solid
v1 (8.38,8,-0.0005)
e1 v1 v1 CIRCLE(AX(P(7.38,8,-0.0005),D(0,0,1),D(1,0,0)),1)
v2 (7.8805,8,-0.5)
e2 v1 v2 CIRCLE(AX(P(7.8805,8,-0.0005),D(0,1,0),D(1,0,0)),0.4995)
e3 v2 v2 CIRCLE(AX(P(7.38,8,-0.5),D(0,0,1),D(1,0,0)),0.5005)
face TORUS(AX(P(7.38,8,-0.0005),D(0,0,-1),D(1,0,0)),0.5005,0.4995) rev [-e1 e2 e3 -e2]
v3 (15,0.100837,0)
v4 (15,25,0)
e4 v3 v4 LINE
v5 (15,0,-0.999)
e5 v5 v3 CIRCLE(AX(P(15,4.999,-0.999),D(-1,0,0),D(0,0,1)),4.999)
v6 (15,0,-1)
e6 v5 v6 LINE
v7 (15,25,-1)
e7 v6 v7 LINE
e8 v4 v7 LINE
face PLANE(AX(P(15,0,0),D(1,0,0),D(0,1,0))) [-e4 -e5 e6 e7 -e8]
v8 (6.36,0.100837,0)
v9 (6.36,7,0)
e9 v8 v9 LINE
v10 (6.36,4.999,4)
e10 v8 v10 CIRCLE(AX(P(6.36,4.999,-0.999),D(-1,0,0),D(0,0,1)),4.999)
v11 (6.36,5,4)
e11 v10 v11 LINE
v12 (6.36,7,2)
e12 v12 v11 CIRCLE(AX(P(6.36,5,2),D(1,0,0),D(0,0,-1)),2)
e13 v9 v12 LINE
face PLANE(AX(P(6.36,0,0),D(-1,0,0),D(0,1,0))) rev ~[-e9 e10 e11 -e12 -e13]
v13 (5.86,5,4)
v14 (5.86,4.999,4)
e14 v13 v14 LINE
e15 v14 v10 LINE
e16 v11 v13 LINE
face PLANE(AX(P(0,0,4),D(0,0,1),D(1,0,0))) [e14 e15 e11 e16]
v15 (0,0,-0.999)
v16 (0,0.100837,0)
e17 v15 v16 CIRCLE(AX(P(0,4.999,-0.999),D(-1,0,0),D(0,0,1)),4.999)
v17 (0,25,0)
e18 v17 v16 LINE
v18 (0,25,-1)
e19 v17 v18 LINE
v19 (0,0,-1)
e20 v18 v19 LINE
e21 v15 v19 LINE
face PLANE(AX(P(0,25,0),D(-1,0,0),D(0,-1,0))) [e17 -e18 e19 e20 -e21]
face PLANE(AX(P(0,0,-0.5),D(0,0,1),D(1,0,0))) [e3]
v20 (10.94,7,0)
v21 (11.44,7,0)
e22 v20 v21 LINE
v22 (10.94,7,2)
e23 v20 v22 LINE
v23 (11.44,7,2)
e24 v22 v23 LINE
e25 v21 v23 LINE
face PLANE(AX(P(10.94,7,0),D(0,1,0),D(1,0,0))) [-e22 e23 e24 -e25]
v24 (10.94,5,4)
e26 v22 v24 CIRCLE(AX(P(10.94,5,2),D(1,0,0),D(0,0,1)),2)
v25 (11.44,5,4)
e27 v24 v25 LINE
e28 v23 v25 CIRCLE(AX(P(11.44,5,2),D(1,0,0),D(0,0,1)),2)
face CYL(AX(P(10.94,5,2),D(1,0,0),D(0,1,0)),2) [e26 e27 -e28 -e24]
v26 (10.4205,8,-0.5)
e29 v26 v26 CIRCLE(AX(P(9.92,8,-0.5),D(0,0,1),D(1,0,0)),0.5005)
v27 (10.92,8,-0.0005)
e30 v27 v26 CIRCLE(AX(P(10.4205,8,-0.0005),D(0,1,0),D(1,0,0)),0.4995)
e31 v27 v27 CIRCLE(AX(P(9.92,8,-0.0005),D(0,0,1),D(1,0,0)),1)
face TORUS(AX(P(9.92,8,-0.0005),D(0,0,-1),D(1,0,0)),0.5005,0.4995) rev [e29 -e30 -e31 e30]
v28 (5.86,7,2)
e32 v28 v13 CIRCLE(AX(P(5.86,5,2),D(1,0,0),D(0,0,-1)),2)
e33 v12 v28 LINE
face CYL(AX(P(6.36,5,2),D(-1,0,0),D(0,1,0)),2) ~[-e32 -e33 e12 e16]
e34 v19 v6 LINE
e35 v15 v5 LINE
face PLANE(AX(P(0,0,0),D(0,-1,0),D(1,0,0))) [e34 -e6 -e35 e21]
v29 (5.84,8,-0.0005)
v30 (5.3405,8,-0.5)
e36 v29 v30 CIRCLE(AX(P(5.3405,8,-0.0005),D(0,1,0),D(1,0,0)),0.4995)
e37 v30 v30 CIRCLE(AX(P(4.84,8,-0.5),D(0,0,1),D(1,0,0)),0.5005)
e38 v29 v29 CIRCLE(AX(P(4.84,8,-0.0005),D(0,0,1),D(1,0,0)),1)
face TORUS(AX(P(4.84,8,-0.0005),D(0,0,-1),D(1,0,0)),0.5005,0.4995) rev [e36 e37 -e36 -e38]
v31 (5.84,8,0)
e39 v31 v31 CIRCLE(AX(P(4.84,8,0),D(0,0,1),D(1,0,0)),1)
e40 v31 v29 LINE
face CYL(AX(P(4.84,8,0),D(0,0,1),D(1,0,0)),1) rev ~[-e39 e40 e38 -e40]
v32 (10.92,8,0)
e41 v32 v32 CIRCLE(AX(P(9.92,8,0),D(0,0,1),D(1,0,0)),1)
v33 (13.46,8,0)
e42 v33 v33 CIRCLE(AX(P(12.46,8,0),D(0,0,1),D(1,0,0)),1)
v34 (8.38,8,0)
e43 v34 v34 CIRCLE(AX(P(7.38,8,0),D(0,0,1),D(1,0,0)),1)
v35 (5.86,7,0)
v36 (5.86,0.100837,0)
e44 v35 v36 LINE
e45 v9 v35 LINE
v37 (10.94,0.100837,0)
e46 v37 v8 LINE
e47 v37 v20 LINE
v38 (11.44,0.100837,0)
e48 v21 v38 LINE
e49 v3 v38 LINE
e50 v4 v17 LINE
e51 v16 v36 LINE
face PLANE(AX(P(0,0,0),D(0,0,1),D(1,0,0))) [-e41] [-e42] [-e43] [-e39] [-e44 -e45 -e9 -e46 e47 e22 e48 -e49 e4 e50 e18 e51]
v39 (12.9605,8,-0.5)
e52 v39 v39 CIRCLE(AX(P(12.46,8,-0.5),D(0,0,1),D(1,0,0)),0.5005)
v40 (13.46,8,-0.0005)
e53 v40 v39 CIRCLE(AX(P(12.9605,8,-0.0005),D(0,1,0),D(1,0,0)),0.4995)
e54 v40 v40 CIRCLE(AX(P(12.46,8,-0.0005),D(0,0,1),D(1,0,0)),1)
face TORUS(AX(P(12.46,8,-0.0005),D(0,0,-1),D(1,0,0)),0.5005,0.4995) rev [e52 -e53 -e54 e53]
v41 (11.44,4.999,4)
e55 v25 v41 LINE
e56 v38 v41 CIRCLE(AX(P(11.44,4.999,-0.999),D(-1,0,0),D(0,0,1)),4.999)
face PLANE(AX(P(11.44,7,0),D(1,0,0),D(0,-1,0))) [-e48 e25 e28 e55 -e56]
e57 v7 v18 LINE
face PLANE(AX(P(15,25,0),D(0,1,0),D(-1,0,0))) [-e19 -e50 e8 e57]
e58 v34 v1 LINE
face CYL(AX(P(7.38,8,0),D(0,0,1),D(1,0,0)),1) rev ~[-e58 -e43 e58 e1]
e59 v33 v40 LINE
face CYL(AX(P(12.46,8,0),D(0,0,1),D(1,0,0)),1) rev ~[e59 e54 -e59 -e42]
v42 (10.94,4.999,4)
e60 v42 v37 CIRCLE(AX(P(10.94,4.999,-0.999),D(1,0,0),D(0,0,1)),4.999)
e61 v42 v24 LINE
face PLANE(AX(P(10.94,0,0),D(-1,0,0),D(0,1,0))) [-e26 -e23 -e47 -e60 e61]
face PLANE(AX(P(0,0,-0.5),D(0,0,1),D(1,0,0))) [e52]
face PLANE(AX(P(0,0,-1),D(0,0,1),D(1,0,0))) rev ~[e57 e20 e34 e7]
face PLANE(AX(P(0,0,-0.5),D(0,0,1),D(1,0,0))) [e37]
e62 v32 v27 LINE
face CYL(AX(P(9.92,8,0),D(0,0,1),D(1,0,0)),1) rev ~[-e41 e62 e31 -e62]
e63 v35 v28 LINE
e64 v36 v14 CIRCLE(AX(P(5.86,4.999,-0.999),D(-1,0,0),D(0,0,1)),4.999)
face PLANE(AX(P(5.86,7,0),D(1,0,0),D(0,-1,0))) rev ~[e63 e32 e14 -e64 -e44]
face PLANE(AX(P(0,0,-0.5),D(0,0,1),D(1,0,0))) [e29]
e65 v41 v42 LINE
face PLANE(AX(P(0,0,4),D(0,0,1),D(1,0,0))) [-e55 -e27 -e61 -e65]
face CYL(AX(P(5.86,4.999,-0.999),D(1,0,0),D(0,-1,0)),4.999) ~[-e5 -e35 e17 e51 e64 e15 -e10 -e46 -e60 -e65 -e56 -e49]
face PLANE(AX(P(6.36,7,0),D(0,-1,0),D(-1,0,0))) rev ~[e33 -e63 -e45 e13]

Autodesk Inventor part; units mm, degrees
ref_plane "YZ Plane" through (0, 0, 0) normal (1, 0, 0) x (0, 1, 0)
ref_plane "XZ Plane" through (0, 0, 0) normal (0, 1, 0) x (-1, 0, 0)
ref_plane "XY Plane" through (0, 0, 0) normal (0, 0, 1) x (1, 0, 0)
sketch "Sketch1" plane through (0, 0, 0) normal (0, 0, 1) x (1, 0, 0)
  line L0 (0, 0) -> (15, 0)
  line L1 (15, 0) -> (15, 25)
  line L2 (15, 25) -> (0, 25)
  line L3 (0, 25) -> (0, 0)
  line L4 (0, 7) -> (15, 7) construction
  line L5 (10.94, 7) -> (11.44, 7)
  line L6 (11.44, 7) -> (11.44, 0)
  line L7 (11.44, 0) -> (10.94, 0)
  line L8 (10.94, 0) -> (10.94, 7)
  line L9 (6.36, 7) -> (5.86, 7)
  line L10 (5.86, 7) -> (5.86, 0)
  line L11 (5.86, 0) -> (6.36, 0)
  line L12 (6.36, 0) -> (6.36, 7)
  point P0 (11.19, 7)
  point P1 (6.11, 7)
  dimension "d0" = 15
  dimension "d1" = 25
  dimension "d2" = 18
  dimension "d3" = 3.81
  dimension "d4" = 0.5
  dimension "d5" = 0.5
  dimension "d6" = 5.08
extrude "Extrusion1" add sketch "Sketch1" against normal blind 1
extrude "Extrusion2" add sketch "Sketch1" along normal blind 4 contours L10 L9 L12 L0 | L8 L5 L6 L0
sketch "Sketch2" plane through (0, 0, 0) normal (0, 0, 1) x (1, 0, 0)
  line L0 (0, 7) -> (15, 7) construction
  line L1 (11.44, 7) -> (11.44, 0) projected
  line L2 (11.44, 0) -> (15, 0) projected
  line L3 (15, 0) -> (15, 25) projected
  line L4 (15, 25) -> (0, 25) projected
  line L5 (0, 25) -> (0, 0) projected
  line L6 (0, 0) -> (5.86, 0) projected
  line L7 (5.86, 0) -> (5.86, 7) projected
  line L8 (5.86, 7) -> (6.36, 7) projected
  line L9 (6.36, 7) -> (6.36, 0) projected
  line L10 (6.36, 0) -> (10.94, 0) projected
  line L11 (10.94, 0) -> (10.94, 7) projected
  line L12 (10.94, 7) -> (11.44, 7) projected
  circle A0 centre (12.46, 8) radius 1
  circle A1 centre (9.92, 8) radius 1
  circle A2 centre (7.38, 8) radius 1
  circle A3 centre (4.84, 8) radius 1
  dimension "d11" = 2
  dimension "d12" = 2.54
  dimension "d13" = 1
  dimension "d16" = 2.54
extrude "Extrusion3" cut sketch "Sketch2" against normal blind 0.5 contours A0 | A1 | A2 | A3
fillet "Fillet1" radius 0.5 4 edges at (11.46, 8, -0.5) (8.92, 8, -0.5) (6.38, 8, -0.5) (3.84, 8, -0.5)
fillet "Fillet2" radius 5 2 edges at (6.11, 0, 4) (11.19, 0, 4)
fillet "Fillet3" radius 2 2 edges at (6.11, 7, 4) (11.19, 7, 4)
equation "\"d5\" = d4"
properties part number "mateksys_micro_bec_support"
